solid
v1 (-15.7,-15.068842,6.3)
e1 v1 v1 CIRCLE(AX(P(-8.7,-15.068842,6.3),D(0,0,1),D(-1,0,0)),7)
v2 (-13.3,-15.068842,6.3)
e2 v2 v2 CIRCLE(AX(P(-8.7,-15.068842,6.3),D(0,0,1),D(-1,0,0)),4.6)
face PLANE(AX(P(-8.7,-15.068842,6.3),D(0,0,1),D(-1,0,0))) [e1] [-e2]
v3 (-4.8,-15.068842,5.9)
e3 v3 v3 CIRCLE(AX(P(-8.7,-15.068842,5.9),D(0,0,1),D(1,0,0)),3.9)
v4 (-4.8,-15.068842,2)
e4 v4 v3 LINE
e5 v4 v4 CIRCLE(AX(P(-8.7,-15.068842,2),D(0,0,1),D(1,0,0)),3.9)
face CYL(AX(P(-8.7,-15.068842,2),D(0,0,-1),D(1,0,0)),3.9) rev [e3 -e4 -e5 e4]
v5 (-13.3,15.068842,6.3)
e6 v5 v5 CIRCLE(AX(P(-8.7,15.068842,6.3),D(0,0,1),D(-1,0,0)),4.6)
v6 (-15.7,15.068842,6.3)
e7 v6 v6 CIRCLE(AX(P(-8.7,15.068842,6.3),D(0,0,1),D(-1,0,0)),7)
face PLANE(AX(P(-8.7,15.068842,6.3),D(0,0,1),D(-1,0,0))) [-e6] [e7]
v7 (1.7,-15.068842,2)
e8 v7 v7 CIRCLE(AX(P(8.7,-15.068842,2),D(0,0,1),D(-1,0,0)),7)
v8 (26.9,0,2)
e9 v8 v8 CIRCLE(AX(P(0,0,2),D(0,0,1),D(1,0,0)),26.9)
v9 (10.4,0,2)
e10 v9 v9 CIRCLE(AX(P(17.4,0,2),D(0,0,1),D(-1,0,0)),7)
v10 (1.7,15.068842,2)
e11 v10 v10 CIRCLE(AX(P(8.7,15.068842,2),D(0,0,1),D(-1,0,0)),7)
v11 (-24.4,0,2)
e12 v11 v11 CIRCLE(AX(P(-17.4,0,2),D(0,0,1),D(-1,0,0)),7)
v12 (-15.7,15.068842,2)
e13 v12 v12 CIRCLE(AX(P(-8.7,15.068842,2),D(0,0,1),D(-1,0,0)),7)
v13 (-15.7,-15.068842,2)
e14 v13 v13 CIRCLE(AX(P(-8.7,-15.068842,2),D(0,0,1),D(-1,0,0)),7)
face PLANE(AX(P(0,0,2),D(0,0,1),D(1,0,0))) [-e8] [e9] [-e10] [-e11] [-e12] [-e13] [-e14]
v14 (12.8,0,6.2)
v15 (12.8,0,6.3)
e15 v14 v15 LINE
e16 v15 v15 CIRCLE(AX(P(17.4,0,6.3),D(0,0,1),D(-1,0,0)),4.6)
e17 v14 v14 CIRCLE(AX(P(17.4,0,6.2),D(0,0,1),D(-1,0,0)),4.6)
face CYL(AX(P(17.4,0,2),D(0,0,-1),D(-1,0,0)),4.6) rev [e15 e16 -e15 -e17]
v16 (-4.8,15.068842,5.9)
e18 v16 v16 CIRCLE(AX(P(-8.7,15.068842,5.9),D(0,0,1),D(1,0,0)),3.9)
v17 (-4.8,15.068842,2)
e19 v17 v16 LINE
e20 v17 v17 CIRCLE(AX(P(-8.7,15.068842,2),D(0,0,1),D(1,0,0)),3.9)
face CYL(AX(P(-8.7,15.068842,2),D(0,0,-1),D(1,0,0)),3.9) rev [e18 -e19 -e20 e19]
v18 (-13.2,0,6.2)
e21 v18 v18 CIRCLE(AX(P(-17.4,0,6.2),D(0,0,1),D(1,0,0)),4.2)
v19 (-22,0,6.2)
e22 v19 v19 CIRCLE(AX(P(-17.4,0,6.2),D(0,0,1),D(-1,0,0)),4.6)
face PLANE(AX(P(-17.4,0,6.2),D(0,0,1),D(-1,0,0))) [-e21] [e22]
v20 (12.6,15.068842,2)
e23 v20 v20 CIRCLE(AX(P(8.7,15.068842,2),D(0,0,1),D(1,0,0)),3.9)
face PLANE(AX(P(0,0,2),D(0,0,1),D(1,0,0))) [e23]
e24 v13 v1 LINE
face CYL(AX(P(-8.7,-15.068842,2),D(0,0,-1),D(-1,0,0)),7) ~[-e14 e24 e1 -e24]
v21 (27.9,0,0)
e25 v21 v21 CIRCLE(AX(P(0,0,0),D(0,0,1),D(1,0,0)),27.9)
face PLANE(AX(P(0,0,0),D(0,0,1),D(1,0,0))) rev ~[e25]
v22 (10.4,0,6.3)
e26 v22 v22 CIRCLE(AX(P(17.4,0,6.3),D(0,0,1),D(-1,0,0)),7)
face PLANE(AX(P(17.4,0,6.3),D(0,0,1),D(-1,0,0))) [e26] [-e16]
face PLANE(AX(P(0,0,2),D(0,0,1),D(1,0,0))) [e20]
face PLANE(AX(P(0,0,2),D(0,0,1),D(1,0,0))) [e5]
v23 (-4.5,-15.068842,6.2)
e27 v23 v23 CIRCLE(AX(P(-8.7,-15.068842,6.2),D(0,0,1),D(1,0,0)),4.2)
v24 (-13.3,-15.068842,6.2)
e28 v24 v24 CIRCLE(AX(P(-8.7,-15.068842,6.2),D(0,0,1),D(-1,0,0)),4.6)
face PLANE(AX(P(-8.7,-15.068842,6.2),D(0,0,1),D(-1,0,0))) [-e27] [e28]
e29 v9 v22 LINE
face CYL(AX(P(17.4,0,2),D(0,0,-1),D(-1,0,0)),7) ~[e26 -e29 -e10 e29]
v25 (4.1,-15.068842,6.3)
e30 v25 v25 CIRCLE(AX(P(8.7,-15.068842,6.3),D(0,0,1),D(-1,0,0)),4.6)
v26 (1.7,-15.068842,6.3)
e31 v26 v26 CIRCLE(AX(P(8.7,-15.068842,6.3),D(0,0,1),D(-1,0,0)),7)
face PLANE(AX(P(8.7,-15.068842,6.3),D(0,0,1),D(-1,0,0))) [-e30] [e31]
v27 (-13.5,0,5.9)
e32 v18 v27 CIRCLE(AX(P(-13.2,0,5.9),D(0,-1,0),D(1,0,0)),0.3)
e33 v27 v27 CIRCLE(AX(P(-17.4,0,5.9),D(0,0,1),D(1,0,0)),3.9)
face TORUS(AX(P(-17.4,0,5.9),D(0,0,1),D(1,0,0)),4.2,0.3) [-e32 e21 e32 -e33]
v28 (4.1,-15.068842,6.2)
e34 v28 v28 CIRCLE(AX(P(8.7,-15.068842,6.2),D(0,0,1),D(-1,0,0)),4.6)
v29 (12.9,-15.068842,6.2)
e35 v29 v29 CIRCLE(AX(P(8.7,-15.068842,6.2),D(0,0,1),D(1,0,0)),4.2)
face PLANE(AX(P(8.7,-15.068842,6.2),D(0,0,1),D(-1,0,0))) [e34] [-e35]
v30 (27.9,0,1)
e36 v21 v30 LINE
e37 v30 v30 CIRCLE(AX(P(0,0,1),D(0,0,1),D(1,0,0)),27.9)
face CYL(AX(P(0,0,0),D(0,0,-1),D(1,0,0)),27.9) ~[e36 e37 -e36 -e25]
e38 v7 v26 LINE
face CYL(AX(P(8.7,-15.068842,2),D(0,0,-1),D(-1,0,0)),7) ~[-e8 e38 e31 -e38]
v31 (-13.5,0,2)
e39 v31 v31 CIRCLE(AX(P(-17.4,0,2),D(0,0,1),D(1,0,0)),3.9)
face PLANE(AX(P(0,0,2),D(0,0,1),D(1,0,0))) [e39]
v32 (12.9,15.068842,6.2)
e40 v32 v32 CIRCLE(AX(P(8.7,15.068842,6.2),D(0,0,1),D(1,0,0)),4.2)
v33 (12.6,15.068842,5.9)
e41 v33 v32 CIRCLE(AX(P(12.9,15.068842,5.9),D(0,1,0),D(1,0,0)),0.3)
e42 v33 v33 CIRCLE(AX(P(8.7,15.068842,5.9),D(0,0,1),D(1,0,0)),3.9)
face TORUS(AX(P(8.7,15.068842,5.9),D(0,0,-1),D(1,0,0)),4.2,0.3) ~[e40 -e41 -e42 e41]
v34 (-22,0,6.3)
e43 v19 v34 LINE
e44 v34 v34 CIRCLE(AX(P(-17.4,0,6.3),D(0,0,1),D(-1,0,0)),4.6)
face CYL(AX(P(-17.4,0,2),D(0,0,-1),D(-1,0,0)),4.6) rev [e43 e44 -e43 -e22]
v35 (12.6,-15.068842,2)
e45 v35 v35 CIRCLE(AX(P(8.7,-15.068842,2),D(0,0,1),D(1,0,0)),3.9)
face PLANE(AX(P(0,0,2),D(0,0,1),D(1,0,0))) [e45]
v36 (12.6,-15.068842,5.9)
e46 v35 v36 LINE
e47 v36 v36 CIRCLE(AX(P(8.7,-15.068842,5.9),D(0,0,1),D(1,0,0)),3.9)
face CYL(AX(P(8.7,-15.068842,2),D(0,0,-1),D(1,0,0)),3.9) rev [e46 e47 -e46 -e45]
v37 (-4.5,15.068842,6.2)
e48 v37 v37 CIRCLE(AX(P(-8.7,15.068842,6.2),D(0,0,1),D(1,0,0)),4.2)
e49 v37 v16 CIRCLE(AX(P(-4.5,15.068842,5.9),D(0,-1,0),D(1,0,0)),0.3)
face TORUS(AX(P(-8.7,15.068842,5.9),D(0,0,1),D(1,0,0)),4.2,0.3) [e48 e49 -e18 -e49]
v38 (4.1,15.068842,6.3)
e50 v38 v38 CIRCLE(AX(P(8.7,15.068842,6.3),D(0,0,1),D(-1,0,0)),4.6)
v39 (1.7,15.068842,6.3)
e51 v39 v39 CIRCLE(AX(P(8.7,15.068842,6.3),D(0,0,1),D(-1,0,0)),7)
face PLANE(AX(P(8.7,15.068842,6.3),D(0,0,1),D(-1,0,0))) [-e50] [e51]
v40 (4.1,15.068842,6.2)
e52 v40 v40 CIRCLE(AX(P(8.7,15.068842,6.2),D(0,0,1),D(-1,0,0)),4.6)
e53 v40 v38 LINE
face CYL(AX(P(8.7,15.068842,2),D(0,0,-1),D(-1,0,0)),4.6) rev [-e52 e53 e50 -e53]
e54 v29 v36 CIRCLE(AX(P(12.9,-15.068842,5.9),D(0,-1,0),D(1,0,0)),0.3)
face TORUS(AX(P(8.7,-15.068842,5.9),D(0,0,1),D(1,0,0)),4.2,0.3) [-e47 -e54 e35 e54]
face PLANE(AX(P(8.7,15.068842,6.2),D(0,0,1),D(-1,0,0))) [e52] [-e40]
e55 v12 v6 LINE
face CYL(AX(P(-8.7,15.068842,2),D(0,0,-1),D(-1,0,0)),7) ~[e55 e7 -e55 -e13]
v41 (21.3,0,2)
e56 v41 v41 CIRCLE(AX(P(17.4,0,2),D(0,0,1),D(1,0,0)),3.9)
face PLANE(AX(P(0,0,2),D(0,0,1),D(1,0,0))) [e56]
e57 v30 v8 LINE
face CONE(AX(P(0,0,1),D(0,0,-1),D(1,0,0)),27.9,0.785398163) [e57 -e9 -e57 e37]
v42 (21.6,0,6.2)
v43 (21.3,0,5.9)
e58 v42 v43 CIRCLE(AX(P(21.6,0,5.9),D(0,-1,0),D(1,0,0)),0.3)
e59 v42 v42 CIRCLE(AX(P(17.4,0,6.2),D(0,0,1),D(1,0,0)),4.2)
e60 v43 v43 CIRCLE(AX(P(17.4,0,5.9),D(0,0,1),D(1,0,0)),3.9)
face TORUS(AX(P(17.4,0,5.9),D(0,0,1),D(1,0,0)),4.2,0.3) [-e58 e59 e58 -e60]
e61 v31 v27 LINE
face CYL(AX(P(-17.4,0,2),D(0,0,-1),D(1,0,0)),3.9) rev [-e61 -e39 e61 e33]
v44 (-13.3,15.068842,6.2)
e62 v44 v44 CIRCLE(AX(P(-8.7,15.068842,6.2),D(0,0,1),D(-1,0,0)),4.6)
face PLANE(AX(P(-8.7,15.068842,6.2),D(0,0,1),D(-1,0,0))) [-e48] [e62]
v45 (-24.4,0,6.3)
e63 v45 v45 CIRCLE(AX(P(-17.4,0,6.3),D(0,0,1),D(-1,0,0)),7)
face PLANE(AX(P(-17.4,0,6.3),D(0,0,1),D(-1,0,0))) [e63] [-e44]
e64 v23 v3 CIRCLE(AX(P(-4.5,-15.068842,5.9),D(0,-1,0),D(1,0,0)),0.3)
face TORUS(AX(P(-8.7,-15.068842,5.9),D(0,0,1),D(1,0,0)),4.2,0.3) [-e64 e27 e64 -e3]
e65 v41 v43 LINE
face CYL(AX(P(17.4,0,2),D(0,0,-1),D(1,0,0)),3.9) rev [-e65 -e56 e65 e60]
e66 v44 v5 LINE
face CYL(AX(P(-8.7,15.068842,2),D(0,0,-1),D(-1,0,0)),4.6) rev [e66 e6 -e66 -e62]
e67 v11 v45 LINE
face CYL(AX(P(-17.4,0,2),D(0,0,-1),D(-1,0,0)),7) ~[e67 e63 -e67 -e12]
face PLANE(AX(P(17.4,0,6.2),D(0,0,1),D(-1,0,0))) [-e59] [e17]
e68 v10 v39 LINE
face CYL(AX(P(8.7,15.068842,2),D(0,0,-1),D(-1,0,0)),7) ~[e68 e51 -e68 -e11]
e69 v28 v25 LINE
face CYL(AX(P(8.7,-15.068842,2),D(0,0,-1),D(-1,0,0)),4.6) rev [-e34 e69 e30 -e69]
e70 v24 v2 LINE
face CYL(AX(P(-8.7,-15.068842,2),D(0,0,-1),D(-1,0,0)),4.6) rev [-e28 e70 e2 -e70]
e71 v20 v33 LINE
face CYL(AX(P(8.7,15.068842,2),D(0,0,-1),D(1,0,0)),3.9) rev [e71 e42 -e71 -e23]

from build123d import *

# Parameters (mm, degrees)
SKETCH1_R           = 27.9
BOSS_EXTRUDE1_DEPTH = 2
CHAMFER1_SIZE       = 1
SKETCH2_R           = 7
SKETCH2_R_2         = 4.6
BOSS_EXTRUDE2_DEPTH = 4.3
SKETCH3_R           = 4.6
SKETCH3_R_2         = 3.9
BOSS_EXTRUDE4_DEPTH = 4.2
FILLET1_R           = 0.3


with BuildPart() as part:
    # Sketch1 → Boss-Extrude1 (new body)
    with BuildSketch(Plane.XY):
        Circle(SKETCH1_R)
    extrude(amount=BOSS_EXTRUDE1_DEPTH)

    # Chamfer1
    chamfer1_edges = [part.edges().sort_by_distance(p)[0] for p in [
        (-27.9, 0, 2),
    ]]
    chamfer(chamfer1_edges, length=CHAMFER1_SIZE)

    # Sketch2 → Boss-Extrude2 (add)
    # profile 1 of 6: a face of its own
    with BuildSketch(Plane.XY.offset(2)):
        with Locations(Location((-8.7, 15.068842026, 0), (0, 0, 180))):
            Circle(SKETCH2_R)
        with Locations(Location((-8.7, 15.068842026, 0), (0, 0, 180))):
            Circle(SKETCH2_R_2, mode=Mode.SUBTRACT)
    # profile 2 of 6: a face of its own
    with BuildSketch(Plane.XY.offset(2)):
        with Locations(Location((8.7, 15.068842026, 0), (0, 0, 180))):
            Circle(SKETCH2_R)
        with Locations(Location((8.7, 15.068842026, 0), (0, 0, 180))):
            Circle(SKETCH2_R_2, mode=Mode.SUBTRACT)
    # profile 3 of 6: a face of its own
    with BuildSketch(Plane.XY.offset(2)):
        with Locations(Location((17.4, 0, 0), (0, 0, 180))):
            Circle(SKETCH2_R)
        with Locations(Location((17.4, 0, 0), (0, 0, 180))):
            Circle(SKETCH2_R_2, mode=Mode.SUBTRACT)
    # profile 4 of 6: a face of its own
    with BuildSketch(Plane.XY.offset(2)):
        with Locations(Location((8.7, -15.068842026, 0), (0, 0, 180))):
            Circle(SKETCH2_R)
        with Locations(Location((8.7, -15.068842026, 0), (0, 0, 180))):
            Circle(SKETCH2_R_2, mode=Mode.SUBTRACT)
    # profile 5 of 6: a face of its own
    with BuildSketch(Plane.XY.offset(2)):
        with Locations(Location((-8.7, -15.068842026, 0), (0, 0, 180))):
            Circle(SKETCH2_R)
        with Locations(Location((-8.7, -15.068842026, 0), (0, 0, 180))):
            Circle(SKETCH2_R_2, mode=Mode.SUBTRACT)
    # profile 6 of 6: a face of its own
    with BuildSketch(Plane.XY.offset(2)):
        with Locations(Location((-17.4, 0, 0), (0, 0, 180))):
            Circle(SKETCH2_R)
        with Locations(Location((-17.4, 0, 0), (0, 0, 180))):
            Circle(SKETCH2_R_2, mode=Mode.SUBTRACT)
    extrude(amount=BOSS_EXTRUDE2_DEPTH)

    # Sketch3 → Boss-Extrude4 (add)
    # profile 1 of 6: a face of its own
    with BuildSketch(Plane.XY.offset(2)):
        with Locations(Location((8.7, 15.068842026, 0), (0, 0, 180))):
            Circle(SKETCH3_R)
        with Locations((8.7, 15.068842026)):
            Circle(SKETCH3_R_2, mode=Mode.SUBTRACT)
    # profile 2 of 6: a face of its own
    with BuildSketch(Plane.XY.offset(2)):
        with Locations(Location((-8.7, 15.068842026, 0), (0, 0, 180))):
            Circle(SKETCH3_R)
        with Locations((-8.7, 15.068842026)):
            Circle(SKETCH3_R_2, mode=Mode.SUBTRACT)
    # profile 3 of 6: a face of its own
    with BuildSketch(Plane.XY.offset(2)):
        with Locations(Location((17.4, 0, 0), (0, 0, 180))):
            Circle(SKETCH3_R)
        with Locations((17.4, 0)):
            Circle(SKETCH3_R_2, mode=Mode.SUBTRACT)
    # profile 4 of 6: a face of its own
    with BuildSketch(Plane.XY.offset(2)):
        with Locations(Location((8.7, -15.068842026, 0), (0, 0, 180))):
            Circle(SKETCH3_R)
        with Locations((8.7, -15.068842026)):
            Circle(SKETCH3_R_2, mode=Mode.SUBTRACT)
    # profile 5 of 6: a face of its own
    with BuildSketch(Plane.XY.offset(2)):
        with Locations(Location((-8.7, -15.068842026, 0), (0, 0, 180))):
            Circle(SKETCH3_R)
        with Locations((-8.7, -15.068842026)):
            Circle(SKETCH3_R_2, mode=Mode.SUBTRACT)
    # profile 6 of 6: a face of its own
    with BuildSketch(Plane.XY.offset(2)):
        with Locations(Location((-17.4, 0, 0), (0, 0, 180))):
            Circle(SKETCH3_R)
        with Locations((-17.4, 0)):
            Circle(SKETCH3_R_2, mode=Mode.SUBTRACT)
    extrude(amount=BOSS_EXTRUDE4_DEPTH)

    # Fillet1
    fillet1_edges = [part.edges().sort_by_distance(p)[0] for p in [
        (4.8, 15.068842026, 6.2),
        (-12.6, 15.068842026, 6.2),
        (4.8, -15.068842026, 6.2),
        (13.5, 0, 6.2),
        (-21.3, 0, 6.2),
        (-12.6, -15.068842026, 6.2),
    ]]
    fillet(fillet1_edges, radius=FILLET1_R)


solid = part.part
